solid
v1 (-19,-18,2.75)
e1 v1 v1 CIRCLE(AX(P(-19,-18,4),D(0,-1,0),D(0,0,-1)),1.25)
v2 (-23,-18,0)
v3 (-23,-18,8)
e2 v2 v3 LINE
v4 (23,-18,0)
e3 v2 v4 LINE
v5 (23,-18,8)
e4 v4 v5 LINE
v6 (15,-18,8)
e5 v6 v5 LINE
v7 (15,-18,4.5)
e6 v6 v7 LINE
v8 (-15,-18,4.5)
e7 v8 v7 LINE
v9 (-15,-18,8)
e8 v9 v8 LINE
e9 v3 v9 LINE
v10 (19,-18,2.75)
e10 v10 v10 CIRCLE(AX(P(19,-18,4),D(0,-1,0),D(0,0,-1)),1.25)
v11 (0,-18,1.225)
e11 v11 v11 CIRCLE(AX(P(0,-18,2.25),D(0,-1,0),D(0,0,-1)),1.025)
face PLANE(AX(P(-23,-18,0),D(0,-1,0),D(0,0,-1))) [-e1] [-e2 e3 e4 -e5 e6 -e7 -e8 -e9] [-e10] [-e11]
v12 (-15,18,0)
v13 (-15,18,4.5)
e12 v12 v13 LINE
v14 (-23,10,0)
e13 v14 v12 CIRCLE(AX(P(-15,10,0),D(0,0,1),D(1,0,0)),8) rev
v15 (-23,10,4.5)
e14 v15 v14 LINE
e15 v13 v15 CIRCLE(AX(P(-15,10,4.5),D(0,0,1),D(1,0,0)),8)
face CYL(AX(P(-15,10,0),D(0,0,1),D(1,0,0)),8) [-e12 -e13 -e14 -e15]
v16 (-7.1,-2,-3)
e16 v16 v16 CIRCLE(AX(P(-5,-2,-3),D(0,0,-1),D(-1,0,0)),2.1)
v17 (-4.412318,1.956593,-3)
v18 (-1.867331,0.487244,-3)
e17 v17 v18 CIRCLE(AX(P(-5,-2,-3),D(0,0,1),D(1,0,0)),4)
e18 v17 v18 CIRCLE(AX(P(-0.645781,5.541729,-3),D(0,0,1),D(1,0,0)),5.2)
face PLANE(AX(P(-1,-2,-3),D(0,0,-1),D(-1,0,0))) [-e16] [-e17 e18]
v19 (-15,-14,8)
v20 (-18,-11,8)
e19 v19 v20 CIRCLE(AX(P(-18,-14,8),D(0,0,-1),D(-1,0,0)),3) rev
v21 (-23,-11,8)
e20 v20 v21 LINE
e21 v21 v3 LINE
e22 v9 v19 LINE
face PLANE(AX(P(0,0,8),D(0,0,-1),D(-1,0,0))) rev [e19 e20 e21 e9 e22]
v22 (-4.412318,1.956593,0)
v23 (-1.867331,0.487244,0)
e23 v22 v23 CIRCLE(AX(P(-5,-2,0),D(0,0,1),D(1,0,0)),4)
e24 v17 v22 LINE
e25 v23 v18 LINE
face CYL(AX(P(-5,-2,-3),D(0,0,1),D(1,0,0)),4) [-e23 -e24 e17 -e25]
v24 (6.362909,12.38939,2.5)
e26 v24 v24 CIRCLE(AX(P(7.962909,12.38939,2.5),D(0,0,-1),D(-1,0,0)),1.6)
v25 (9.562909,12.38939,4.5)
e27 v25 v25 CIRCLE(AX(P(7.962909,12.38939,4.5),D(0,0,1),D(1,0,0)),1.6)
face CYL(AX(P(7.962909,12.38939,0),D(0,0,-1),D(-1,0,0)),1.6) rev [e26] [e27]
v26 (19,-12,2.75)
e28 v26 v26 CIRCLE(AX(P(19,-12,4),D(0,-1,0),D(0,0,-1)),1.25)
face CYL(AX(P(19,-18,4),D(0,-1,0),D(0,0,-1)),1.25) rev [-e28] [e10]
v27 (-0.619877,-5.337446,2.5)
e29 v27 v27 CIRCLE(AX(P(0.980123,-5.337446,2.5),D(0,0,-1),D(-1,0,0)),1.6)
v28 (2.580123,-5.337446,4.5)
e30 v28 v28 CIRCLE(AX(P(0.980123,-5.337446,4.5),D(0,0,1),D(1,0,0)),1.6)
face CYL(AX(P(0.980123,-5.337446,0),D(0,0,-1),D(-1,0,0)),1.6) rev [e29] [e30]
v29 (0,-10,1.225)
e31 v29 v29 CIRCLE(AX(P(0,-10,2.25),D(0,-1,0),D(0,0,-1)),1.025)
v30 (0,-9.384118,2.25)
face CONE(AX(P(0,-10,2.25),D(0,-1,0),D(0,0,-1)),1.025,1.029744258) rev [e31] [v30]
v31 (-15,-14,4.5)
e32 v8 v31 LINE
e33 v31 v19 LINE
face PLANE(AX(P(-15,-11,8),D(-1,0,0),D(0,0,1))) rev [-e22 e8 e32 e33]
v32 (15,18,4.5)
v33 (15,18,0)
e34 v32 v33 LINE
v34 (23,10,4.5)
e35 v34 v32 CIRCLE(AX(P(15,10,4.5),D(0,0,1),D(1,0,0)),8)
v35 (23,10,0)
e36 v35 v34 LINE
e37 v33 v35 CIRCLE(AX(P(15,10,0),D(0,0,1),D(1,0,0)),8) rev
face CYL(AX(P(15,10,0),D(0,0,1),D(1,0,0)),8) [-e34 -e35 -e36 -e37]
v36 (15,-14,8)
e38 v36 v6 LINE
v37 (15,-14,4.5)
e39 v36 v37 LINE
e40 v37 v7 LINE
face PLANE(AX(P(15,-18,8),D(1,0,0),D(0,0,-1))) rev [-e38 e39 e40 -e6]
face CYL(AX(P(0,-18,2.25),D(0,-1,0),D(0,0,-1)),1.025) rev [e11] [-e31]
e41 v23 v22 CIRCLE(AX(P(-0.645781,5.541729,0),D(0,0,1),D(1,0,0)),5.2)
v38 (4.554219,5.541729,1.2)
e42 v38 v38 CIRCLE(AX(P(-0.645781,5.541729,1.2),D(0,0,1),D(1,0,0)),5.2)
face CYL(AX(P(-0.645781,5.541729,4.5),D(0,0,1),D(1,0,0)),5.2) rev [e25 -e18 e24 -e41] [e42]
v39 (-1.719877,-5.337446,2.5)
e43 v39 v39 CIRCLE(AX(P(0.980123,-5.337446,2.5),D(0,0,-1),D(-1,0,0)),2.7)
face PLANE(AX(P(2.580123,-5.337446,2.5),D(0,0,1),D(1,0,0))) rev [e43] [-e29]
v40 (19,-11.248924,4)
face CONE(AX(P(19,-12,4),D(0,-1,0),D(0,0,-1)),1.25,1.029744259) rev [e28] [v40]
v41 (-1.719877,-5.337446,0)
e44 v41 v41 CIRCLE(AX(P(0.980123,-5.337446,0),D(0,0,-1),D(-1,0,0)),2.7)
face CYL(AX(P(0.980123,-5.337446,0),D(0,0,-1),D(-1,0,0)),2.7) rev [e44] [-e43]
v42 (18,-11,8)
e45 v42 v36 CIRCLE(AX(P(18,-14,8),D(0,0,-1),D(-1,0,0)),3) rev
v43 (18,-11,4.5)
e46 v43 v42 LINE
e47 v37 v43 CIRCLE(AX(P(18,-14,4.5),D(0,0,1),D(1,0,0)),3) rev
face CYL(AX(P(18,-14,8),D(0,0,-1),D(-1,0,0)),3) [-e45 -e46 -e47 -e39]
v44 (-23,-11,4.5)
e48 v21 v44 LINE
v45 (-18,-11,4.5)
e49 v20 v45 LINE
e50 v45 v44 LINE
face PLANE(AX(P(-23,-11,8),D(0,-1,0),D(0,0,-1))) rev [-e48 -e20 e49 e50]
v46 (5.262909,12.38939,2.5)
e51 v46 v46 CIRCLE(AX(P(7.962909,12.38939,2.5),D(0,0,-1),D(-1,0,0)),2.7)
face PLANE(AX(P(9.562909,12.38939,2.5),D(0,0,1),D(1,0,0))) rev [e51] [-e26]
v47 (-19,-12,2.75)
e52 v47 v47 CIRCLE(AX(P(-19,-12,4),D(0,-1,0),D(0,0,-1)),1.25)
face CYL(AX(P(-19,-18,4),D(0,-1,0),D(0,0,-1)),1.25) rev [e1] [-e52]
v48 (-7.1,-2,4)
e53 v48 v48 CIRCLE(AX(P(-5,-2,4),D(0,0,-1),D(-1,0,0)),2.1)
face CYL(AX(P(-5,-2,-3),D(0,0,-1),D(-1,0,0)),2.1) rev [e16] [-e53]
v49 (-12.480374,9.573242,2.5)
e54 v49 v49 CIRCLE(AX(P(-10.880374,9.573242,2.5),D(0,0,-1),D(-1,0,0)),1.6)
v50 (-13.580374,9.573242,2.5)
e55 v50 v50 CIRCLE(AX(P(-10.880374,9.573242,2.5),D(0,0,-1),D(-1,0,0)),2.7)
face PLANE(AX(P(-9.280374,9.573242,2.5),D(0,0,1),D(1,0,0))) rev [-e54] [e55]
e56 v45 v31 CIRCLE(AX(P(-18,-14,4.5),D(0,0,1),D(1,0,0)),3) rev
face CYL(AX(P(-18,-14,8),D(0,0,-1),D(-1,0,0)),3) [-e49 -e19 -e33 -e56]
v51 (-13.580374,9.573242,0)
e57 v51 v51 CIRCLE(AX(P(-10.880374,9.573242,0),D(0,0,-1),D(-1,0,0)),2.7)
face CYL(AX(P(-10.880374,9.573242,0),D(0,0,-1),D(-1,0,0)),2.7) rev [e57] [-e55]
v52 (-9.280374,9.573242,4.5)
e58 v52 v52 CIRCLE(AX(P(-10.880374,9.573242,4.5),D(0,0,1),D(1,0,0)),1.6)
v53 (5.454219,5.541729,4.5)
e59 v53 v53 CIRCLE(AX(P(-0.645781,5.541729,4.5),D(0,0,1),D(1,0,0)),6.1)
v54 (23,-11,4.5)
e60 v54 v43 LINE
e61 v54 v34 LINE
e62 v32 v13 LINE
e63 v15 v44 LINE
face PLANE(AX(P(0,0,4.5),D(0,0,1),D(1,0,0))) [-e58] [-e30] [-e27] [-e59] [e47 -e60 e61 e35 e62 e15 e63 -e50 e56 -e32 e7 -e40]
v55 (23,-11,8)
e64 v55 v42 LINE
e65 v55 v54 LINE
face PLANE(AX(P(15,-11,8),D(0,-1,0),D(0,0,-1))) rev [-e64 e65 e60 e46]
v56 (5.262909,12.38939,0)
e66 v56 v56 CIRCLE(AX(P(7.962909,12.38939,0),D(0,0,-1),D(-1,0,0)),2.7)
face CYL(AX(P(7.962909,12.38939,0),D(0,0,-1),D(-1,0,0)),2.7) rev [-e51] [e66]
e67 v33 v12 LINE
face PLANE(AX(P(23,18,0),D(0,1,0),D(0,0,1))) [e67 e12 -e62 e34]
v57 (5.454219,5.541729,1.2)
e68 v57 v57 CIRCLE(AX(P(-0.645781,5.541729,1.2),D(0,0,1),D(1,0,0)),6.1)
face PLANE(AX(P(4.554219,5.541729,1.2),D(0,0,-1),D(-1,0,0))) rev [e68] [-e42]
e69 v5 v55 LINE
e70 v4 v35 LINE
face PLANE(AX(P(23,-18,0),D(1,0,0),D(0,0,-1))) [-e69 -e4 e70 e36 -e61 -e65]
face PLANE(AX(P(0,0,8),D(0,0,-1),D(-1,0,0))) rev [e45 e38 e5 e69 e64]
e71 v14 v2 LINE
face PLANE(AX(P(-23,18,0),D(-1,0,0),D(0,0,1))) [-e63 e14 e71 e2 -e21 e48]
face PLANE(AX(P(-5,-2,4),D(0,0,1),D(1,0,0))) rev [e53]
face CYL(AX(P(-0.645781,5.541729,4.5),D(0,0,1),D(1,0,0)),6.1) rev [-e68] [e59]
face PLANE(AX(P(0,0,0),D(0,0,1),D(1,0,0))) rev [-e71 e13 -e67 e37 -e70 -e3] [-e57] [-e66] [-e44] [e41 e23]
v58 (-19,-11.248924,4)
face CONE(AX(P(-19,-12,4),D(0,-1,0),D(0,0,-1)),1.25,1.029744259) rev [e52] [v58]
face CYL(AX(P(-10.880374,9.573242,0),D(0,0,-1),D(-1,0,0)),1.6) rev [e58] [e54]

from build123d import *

# Parameters (mm, degrees)
SKETCH1_W                                        = 46
SKETCH1_H                                        = 36
BOSS_EXTRUDE1_DEPTH                              = 4.5
SKETCH2_W                                        = 8
SKETCH2_H                                        = 7
BOSS_EXTRUDE2_DEPTH                              = 3.5
SKETCH3_W                                        = 7.999999995
SKETCH3_H                                        = 7
BOSS_EXTRUDE3_DEPTH                              = 3.5
SKETCH4_W                                        = 4
SKETCH4_H                                        = 3
F_2_05_2_05_DIAMETER_HOLE1_D                     = 2.05
F_2_05_2_05_DIAMETER_HOLE1_DEPTH                 = 8
F_2_05_2_05_DIAMETER_HOLE1_TIP                   = 0.615882135
F_2_5_2_5_DIAMETER_HOLE1_D                       = 2.5
F_2_5_2_5_DIAMETER_HOLE1_DEPTH                   = 6
F_2_5_2_5_DIAMETER_HOLE1_TIP                     = 0.751075774
CBORE_FOR_M3_HEX_HEAD_MACHINE_SCREW1_D           = 3.2
CBORE_FOR_M3_HEX_HEAD_MACHINE_SCREW1_DEPTH       = 8.000025
CBORE_FOR_M3_HEX_HEAD_MACHINE_SCREW1_CBORE_D     = 5.4
CBORE_FOR_M3_HEX_HEAD_MACHINE_SCREW1_CBORE_DEPTH = 2.5
HOLE1_D                                          = 10.4
HOLE1_CBORE_D                                    = 12.2
HOLE1_CBORE_DEPTH                                = 3.3
F_4_2_4_2_DIAMETER_HOLE1_D                       = 4.2
F_4_2_4_2_DIAMETER_HOLE1_DEPTH                   = 7
FILLET1_R                                        = 3
FILLET2_R                                        = 8


with BuildPart() as part:
    # Sketch1 → Boss-Extrude1 (new body)
    with BuildSketch(Plane.XY.offset(4.5)):
        Rectangle(SKETCH1_W, SKETCH1_H)
    extrude(amount=-BOSS_EXTRUDE1_DEPTH)

    # Sketch2 → Boss-Extrude2 (add)
    with BuildSketch(Plane.XY.offset(4.5)):
        with Locations((-19, -14.5)):
            Rectangle(SKETCH2_W, SKETCH2_H)
    extrude(amount=BOSS_EXTRUDE2_DEPTH)

    # Sketch3 → Boss-Extrude3 (add)
    with BuildSketch(Plane.XY.offset(4.5)):
        with Locations((19.000000003, -14.5)):
            Rectangle(SKETCH3_W, SKETCH3_H)
    extrude(amount=BOSS_EXTRUDE3_DEPTH)

    # Sketch4 → Revolve1 (revolve)
    with BuildSketch(Plane(origin=(0, -2, 0), x_dir=(1, 0, 0), z_dir=(0, 1, 0))):
        with Locations((-3, 1.5)):
            Rectangle(SKETCH4_W, SKETCH4_H)
    revolve(axis=Axis((-5, -2, -3), (0, 0, 1)))

    # Ø2.05 (2.05) Diameter Hole1
    with Locations(Plane(origin=(0, -18, 0), x_dir=(-1, 0, 0), z_dir=(0, -1, 0))):
        with Locations((0, -2.25)):
            Hole(F_2_05_2_05_DIAMETER_HOLE1_D / 2, depth=F_2_05_2_05_DIAMETER_HOLE1_DEPTH)
            with Locations((0, 0, -(F_2_05_2_05_DIAMETER_HOLE1_DEPTH + F_2_05_2_05_DIAMETER_HOLE1_TIP / 2))):  # 118° drill point
                Cone(0, F_2_05_2_05_DIAMETER_HOLE1_D / 2, F_2_05_2_05_DIAMETER_HOLE1_TIP, mode=Mode.SUBTRACT)

    # Ø2.5 (2.5) Diameter Hole1
    with Locations(Plane(origin=(0, -18, 0), x_dir=(-1, 0, 0), z_dir=(0, -1, 0))):
        with Locations((19, -4), (-19, -4)):
            Hole(F_2_5_2_5_DIAMETER_HOLE1_D / 2, depth=F_2_5_2_5_DIAMETER_HOLE1_DEPTH)
            with Locations((0, 0, -(F_2_5_2_5_DIAMETER_HOLE1_DEPTH + F_2_5_2_5_DIAMETER_HOLE1_TIP / 2))):  # 118° drill point
                Cone(0, F_2_5_2_5_DIAMETER_HOLE1_D / 2, F_2_5_2_5_DIAMETER_HOLE1_TIP, mode=Mode.SUBTRACT)

    # CBORE for M3 Hex Head Machine Screw1
    with Locations(Plane(origin=(0, 0, 0), x_dir=(-1, 0, 0), z_dir=(0, 0, -1))):
        with Locations((-7.962908944, 12.389389916), (10.88037403, 9.573242407), (-0.980122741, -5.337445584)):
            CounterBoreHole(CBORE_FOR_M3_HEX_HEAD_MACHINE_SCREW1_D / 2, CBORE_FOR_M3_HEX_HEAD_MACHINE_SCREW1_CBORE_D / 2, CBORE_FOR_M3_HEX_HEAD_MACHINE_SCREW1_CBORE_DEPTH, depth=CBORE_FOR_M3_HEX_HEAD_MACHINE_SCREW1_DEPTH)

    # Hole1 (through all)
    with Locations(Plane.XY.offset(4.5)):
        with Locations((-0.645780782, 5.541728913)):
            CounterBoreHole(HOLE1_D / 2, HOLE1_CBORE_D / 2, HOLE1_CBORE_DEPTH)

    # Ø4.2 (4.2) Diameter Hole1
    with Locations(Plane(origin=(0, 0, -3), x_dir=(-1, 0, 0), z_dir=(0, 0, -1))):
        with Locations((5, -2)):
            Hole(F_4_2_4_2_DIAMETER_HOLE1_D / 2, depth=F_4_2_4_2_DIAMETER_HOLE1_DEPTH)

    # Fillet1
    fillet1_edges = [part.edges().sort_by_distance(p)[0] for p in [
        (-15, -11, 6.25),
        (15.000000005, -11, 6.25),
    ]]
    fillet(fillet1_edges, radius=FILLET1_R)

    # Fillet2
    fillet2_edges = [part.edges().sort_by_distance(p)[0] for p in [
        (23, 18, 2.25),
        (-23, 18, 2.25),
    ]]
    fillet(fillet2_edges, radius=FILLET2_R)


solid = part.part
